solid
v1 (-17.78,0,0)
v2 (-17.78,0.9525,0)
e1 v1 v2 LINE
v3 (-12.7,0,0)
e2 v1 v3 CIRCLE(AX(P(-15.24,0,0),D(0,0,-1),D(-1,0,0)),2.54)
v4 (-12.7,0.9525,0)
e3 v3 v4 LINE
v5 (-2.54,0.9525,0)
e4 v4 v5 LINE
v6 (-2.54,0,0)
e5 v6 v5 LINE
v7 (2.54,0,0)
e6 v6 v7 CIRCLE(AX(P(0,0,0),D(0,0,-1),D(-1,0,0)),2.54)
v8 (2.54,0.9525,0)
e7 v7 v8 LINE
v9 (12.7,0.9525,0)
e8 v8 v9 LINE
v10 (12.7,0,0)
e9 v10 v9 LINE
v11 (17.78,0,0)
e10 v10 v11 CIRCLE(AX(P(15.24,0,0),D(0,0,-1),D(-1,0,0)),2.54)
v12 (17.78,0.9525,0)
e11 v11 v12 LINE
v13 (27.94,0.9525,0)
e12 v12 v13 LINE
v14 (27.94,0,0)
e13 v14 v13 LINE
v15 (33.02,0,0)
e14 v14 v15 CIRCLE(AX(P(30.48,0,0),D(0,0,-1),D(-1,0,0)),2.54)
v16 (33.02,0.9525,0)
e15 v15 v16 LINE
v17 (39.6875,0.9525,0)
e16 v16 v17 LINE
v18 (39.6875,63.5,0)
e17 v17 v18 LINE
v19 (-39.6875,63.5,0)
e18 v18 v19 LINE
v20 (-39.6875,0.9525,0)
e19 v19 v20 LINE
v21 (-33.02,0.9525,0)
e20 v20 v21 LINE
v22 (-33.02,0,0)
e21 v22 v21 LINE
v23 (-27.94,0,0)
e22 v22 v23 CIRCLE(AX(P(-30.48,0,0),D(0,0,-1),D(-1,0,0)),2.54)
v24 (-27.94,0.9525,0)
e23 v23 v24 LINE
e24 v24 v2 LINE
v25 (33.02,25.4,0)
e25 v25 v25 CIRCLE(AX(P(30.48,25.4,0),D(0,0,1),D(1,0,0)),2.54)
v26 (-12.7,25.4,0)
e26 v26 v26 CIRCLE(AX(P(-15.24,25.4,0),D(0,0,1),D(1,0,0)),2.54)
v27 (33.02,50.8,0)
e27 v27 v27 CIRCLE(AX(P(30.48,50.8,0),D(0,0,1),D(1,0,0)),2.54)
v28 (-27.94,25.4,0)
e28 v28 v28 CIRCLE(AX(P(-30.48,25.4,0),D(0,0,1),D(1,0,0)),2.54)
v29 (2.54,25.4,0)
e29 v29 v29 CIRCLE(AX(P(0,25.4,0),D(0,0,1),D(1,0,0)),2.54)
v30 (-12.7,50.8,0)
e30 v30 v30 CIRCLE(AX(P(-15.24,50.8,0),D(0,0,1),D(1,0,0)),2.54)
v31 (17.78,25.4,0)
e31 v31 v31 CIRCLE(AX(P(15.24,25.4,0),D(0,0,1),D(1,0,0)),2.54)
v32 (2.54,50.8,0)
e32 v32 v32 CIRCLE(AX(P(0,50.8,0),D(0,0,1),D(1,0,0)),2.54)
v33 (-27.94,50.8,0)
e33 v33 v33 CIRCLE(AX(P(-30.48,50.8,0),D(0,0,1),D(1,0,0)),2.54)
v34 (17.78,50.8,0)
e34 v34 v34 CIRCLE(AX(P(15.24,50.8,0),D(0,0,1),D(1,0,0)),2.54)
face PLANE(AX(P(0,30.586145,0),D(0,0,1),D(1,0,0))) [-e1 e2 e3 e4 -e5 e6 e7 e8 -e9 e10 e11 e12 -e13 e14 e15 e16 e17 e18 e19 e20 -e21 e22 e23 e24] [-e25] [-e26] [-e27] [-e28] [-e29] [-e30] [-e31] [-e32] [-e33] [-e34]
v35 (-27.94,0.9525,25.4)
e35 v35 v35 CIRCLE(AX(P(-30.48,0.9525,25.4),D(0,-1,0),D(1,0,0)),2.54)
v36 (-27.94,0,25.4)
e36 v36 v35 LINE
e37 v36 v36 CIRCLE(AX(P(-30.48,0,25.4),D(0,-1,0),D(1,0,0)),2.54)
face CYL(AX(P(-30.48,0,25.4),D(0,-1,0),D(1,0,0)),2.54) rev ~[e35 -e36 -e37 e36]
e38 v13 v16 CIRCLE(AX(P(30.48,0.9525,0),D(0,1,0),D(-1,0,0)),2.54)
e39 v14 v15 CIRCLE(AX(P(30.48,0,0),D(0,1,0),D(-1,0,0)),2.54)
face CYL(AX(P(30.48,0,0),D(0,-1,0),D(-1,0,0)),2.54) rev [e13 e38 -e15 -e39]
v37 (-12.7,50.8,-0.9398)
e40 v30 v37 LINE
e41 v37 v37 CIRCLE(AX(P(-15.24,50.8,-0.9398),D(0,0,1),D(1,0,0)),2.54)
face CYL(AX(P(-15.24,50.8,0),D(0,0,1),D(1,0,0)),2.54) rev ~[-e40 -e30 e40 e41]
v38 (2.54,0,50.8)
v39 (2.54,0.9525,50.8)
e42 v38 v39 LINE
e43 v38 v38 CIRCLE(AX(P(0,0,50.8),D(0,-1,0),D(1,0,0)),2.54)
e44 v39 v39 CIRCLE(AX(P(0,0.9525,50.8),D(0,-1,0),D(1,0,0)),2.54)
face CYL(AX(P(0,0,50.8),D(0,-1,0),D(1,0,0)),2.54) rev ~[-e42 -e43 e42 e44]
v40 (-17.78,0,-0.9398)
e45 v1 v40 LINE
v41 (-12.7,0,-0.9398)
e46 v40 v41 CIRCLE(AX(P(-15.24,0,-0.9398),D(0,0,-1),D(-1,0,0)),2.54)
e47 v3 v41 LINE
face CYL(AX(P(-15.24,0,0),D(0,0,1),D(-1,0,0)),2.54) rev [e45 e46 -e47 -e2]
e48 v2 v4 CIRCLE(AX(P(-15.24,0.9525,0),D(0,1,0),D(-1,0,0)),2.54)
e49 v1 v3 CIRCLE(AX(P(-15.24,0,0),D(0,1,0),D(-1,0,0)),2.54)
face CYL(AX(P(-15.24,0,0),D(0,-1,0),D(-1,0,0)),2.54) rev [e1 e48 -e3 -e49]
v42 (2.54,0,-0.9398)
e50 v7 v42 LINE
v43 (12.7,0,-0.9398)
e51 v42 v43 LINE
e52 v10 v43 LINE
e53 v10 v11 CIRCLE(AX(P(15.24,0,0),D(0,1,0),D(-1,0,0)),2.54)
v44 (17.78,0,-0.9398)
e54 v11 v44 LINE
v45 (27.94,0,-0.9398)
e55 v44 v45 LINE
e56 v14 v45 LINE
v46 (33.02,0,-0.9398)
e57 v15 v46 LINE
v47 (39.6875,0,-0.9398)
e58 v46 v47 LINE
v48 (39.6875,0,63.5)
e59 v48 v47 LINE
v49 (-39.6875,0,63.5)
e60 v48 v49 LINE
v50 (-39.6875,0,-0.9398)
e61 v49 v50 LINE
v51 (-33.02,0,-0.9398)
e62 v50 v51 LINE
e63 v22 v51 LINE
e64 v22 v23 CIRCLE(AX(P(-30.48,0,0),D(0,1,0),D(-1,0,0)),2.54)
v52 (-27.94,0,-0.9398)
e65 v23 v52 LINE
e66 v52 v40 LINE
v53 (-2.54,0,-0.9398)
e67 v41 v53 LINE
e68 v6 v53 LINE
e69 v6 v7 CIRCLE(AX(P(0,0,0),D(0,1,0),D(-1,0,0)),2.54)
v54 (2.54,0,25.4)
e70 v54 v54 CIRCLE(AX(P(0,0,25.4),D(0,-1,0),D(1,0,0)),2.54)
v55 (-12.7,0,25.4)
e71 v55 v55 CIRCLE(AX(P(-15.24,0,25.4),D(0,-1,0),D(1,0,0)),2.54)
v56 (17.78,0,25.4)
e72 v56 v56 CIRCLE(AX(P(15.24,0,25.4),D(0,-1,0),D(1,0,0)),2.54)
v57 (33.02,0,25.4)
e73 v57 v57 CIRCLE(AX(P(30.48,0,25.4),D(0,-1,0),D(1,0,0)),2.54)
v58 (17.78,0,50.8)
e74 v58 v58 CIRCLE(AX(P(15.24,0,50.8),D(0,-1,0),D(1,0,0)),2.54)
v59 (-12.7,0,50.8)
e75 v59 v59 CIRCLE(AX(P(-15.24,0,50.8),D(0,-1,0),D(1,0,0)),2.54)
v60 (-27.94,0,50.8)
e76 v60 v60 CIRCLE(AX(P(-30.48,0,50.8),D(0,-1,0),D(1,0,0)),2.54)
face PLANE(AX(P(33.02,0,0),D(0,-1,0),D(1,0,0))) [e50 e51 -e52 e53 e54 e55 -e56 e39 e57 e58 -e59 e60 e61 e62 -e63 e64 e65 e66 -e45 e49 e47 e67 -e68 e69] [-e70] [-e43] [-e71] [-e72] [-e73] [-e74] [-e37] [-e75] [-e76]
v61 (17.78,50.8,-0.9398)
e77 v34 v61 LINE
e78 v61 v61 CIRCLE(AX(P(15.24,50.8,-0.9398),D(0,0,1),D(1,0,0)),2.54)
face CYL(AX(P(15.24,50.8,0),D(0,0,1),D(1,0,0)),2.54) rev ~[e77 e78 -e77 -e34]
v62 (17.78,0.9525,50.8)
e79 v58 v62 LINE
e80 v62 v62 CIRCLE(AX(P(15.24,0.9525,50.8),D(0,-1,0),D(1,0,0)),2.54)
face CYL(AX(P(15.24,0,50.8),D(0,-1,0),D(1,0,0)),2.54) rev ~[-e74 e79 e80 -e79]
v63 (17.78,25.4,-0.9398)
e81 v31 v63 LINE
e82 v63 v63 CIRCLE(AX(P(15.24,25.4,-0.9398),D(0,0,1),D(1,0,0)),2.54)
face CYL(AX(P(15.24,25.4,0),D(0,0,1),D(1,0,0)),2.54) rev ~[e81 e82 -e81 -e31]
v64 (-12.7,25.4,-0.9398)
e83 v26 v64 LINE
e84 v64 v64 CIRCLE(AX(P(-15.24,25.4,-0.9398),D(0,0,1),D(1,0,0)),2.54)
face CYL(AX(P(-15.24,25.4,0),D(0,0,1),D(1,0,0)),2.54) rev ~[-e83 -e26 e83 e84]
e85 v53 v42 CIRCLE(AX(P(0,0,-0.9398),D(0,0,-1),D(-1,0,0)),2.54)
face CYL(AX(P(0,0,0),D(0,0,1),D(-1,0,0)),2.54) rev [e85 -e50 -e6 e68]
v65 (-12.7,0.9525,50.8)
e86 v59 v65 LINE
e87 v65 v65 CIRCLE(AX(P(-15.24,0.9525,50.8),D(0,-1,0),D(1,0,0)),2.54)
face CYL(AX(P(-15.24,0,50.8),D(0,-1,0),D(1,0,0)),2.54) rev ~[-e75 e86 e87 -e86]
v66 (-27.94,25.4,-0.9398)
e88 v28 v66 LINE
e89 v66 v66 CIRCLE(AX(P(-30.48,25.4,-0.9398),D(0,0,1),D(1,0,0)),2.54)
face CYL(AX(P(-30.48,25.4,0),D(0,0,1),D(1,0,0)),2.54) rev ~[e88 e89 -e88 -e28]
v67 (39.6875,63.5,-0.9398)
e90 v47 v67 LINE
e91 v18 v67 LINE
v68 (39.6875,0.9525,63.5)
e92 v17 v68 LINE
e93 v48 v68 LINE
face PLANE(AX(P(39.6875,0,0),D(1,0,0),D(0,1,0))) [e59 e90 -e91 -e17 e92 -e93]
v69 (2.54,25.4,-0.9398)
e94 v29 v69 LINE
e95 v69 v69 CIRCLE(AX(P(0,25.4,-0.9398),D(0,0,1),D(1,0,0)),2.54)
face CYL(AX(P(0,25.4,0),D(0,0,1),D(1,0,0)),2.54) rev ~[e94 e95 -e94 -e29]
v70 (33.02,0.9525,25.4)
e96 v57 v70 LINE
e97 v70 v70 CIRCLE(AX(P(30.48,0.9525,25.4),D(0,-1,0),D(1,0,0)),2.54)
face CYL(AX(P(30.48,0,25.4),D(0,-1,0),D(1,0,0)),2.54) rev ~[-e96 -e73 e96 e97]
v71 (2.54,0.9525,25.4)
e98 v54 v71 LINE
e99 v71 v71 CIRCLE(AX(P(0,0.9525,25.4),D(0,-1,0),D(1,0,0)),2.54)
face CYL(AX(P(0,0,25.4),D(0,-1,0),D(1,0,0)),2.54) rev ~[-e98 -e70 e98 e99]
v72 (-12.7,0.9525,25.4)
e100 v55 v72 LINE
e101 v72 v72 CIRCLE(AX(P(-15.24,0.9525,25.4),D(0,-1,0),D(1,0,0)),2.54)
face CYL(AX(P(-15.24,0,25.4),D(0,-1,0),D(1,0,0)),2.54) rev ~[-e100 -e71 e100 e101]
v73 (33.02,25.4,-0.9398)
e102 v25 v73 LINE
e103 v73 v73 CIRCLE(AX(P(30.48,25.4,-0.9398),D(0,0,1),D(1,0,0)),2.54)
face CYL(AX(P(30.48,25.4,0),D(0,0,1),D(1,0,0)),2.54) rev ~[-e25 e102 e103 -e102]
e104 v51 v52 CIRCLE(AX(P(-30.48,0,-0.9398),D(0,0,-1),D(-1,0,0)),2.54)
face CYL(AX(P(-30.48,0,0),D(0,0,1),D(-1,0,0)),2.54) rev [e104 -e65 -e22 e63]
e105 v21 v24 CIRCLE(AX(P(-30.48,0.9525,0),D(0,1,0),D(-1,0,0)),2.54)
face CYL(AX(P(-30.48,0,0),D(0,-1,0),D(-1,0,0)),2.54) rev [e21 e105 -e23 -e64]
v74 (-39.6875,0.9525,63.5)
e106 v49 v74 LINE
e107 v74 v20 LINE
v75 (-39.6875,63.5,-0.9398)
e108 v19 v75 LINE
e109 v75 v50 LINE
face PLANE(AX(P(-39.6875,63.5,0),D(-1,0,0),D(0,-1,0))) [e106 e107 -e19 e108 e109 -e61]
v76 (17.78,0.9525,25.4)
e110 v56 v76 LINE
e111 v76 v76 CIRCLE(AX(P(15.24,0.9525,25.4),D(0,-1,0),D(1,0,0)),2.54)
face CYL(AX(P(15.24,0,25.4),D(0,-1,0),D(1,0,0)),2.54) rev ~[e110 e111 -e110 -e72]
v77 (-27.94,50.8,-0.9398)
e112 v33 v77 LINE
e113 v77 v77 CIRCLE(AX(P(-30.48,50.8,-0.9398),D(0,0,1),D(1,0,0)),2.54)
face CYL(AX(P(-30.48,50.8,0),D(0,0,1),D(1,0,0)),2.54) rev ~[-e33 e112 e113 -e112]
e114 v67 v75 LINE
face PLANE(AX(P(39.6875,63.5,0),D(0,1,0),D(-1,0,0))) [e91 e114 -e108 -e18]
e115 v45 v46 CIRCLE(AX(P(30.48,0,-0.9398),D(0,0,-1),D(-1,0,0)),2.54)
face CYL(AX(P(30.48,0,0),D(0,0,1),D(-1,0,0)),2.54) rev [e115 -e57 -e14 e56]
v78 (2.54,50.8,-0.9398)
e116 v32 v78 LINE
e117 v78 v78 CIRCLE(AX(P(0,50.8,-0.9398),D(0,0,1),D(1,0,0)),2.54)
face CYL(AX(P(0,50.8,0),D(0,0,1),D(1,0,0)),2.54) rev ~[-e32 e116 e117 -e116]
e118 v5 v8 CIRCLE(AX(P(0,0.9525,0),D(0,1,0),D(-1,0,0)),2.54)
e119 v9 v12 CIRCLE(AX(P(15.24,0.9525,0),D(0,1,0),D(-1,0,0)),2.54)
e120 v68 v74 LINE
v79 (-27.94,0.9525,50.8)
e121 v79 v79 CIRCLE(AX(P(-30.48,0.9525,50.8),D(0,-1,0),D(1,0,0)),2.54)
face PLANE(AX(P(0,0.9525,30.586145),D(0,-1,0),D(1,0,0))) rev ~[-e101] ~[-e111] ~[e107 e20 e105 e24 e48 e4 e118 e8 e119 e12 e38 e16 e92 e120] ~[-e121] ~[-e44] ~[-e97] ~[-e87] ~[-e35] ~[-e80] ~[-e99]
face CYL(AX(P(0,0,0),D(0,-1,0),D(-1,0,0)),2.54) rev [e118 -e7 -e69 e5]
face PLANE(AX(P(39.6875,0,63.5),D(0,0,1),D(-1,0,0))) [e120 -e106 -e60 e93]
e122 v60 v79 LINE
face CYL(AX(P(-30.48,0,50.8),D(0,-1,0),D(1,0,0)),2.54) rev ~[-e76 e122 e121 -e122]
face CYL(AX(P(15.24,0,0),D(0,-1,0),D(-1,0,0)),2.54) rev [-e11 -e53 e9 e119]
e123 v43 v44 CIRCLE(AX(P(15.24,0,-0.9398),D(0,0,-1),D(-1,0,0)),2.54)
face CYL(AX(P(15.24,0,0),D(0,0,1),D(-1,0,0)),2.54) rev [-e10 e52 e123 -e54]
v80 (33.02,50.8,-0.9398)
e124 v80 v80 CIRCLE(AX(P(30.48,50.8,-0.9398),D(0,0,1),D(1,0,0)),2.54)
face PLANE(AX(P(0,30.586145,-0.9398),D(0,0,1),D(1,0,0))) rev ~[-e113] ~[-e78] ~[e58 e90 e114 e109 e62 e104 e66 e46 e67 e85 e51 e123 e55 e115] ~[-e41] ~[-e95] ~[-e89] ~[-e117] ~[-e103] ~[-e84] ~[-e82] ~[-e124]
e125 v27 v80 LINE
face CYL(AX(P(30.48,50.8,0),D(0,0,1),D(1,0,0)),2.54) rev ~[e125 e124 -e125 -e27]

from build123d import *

# Parameters (mm, degrees)
F0_R     = 2.54
F1_DEPTH = 0.9525
F2_R     = 2.54
F3_DEPTH = 0.9398


with BuildPart() as f1:
    # F0 (on Front) → F1 (new body)
    with BuildSketch(Plane.XZ):
        with BuildLine():
            Line((39.6875, 0), (39.6875, 63.5))
            Line((39.6875, 63.5), (-39.6875, 63.5))
            Line((-39.6875, 63.5), (-39.6875, 0))
            Line((-39.6875, 0), (-33.02, 0))
            ThreePointArc((-33.02, 0), (-30.48, 2.54), (-27.94, 0))
            Line((-27.94, 0), (-17.78, 0))
            ThreePointArc((-17.78, 0), (-15.24, 2.54), (-12.7, 0))
            Line((-12.7, 0), (-2.54, 0))
            ThreePointArc((-2.54, 0), (0, 2.54), (2.54, 0))
            Line((2.54, 0), (12.7, 0))
            ThreePointArc((12.7, 0), (15.24, 2.54), (17.78, 0))
            Line((17.78, 0), (27.94, 0))
            ThreePointArc((27.94, 0), (30.48, 2.54), (33.02, 0))
            Line((33.02, 0), (39.6875, 0))
        make_face()
        with Locations((-30.48, 25.4)):
            Circle(F0_R, mode=Mode.SUBTRACT)
        with Locations((-15.24, 25.4)):
            Circle(F0_R, mode=Mode.SUBTRACT)
        with Locations((0, 25.4)):
            Circle(F0_R, mode=Mode.SUBTRACT)
        with Locations((15.24, 25.4)):
            Circle(F0_R, mode=Mode.SUBTRACT)
        with Locations((30.48, 25.4)):
            Circle(F0_R, mode=Mode.SUBTRACT)
        with Locations((-30.48, 50.8)):
            Circle(F0_R, mode=Mode.SUBTRACT)
        with Locations((-15.24, 50.8)):
            Circle(F0_R, mode=Mode.SUBTRACT)
        with Locations((0, 50.8)):
            Circle(F0_R, mode=Mode.SUBTRACT)
        with Locations((15.24, 50.8)):
            Circle(F0_R, mode=Mode.SUBTRACT)
    extrude(amount=-F1_DEPTH)

    # F2 (on Top) → F3 (join)
    with BuildSketch(Plane.XY):
        with BuildLine():
            Line((39.6875, 0), (39.6875, 63.5))
            Line((39.6875, 63.5), (-39.6875, 63.5))
            Line((-39.6875, 63.5), (-39.6875, 0))
            Line((-39.6875, 0), (-33.02, 0))
            ThreePointArc((-33.02, 0), (-30.48, 2.54), (-27.94, 0))
            Line((-27.94, 0), (-17.78, 0))
            ThreePointArc((-17.78, 0), (-15.24, 2.54), (-12.7, 0))
            Line((-12.7, 0), (-2.54, 0))
            ThreePointArc((-2.54, 0), (0, 2.54), (2.54, 0))
            Line((2.54, 0), (12.7, 0))
            ThreePointArc((12.7, 0), (15.24, 2.54), (17.78, 0))
            Line((17.78, 0), (27.94, 0))
            ThreePointArc((27.94, 0), (30.48, 2.54), (33.02, 0))
            Line((33.02, 0), (39.6875, 0))
        make_face()
        with Locations((-30.48, 25.4)):
            Circle(F2_R, mode=Mode.SUBTRACT)
        with Locations((-15.24, 25.4)):
            Circle(F2_R, mode=Mode.SUBTRACT)
        with Locations((0, 25.4)):
            Circle(F2_R, mode=Mode.SUBTRACT)
        with Locations((15.24, 25.4)):
            Circle(F2_R, mode=Mode.SUBTRACT)
        with Locations((30.48, 25.4)):
            Circle(F2_R, mode=Mode.SUBTRACT)
        with Locations((-30.48, 50.8)):
            Circle(F2_R, mode=Mode.SUBTRACT)
        with Locations((-15.24, 50.8)):
            Circle(F2_R, mode=Mode.SUBTRACT)
        with Locations((0, 50.8)):
            Circle(F2_R, mode=Mode.SUBTRACT)
        with Locations((15.24, 50.8)):
            Circle(F2_R, mode=Mode.SUBTRACT)
        with Locations((30.48, 50.8)):
            Circle(F2_R, mode=Mode.SUBTRACT)
    extrude(amount=-F3_DEPTH)


solid = f1.part
